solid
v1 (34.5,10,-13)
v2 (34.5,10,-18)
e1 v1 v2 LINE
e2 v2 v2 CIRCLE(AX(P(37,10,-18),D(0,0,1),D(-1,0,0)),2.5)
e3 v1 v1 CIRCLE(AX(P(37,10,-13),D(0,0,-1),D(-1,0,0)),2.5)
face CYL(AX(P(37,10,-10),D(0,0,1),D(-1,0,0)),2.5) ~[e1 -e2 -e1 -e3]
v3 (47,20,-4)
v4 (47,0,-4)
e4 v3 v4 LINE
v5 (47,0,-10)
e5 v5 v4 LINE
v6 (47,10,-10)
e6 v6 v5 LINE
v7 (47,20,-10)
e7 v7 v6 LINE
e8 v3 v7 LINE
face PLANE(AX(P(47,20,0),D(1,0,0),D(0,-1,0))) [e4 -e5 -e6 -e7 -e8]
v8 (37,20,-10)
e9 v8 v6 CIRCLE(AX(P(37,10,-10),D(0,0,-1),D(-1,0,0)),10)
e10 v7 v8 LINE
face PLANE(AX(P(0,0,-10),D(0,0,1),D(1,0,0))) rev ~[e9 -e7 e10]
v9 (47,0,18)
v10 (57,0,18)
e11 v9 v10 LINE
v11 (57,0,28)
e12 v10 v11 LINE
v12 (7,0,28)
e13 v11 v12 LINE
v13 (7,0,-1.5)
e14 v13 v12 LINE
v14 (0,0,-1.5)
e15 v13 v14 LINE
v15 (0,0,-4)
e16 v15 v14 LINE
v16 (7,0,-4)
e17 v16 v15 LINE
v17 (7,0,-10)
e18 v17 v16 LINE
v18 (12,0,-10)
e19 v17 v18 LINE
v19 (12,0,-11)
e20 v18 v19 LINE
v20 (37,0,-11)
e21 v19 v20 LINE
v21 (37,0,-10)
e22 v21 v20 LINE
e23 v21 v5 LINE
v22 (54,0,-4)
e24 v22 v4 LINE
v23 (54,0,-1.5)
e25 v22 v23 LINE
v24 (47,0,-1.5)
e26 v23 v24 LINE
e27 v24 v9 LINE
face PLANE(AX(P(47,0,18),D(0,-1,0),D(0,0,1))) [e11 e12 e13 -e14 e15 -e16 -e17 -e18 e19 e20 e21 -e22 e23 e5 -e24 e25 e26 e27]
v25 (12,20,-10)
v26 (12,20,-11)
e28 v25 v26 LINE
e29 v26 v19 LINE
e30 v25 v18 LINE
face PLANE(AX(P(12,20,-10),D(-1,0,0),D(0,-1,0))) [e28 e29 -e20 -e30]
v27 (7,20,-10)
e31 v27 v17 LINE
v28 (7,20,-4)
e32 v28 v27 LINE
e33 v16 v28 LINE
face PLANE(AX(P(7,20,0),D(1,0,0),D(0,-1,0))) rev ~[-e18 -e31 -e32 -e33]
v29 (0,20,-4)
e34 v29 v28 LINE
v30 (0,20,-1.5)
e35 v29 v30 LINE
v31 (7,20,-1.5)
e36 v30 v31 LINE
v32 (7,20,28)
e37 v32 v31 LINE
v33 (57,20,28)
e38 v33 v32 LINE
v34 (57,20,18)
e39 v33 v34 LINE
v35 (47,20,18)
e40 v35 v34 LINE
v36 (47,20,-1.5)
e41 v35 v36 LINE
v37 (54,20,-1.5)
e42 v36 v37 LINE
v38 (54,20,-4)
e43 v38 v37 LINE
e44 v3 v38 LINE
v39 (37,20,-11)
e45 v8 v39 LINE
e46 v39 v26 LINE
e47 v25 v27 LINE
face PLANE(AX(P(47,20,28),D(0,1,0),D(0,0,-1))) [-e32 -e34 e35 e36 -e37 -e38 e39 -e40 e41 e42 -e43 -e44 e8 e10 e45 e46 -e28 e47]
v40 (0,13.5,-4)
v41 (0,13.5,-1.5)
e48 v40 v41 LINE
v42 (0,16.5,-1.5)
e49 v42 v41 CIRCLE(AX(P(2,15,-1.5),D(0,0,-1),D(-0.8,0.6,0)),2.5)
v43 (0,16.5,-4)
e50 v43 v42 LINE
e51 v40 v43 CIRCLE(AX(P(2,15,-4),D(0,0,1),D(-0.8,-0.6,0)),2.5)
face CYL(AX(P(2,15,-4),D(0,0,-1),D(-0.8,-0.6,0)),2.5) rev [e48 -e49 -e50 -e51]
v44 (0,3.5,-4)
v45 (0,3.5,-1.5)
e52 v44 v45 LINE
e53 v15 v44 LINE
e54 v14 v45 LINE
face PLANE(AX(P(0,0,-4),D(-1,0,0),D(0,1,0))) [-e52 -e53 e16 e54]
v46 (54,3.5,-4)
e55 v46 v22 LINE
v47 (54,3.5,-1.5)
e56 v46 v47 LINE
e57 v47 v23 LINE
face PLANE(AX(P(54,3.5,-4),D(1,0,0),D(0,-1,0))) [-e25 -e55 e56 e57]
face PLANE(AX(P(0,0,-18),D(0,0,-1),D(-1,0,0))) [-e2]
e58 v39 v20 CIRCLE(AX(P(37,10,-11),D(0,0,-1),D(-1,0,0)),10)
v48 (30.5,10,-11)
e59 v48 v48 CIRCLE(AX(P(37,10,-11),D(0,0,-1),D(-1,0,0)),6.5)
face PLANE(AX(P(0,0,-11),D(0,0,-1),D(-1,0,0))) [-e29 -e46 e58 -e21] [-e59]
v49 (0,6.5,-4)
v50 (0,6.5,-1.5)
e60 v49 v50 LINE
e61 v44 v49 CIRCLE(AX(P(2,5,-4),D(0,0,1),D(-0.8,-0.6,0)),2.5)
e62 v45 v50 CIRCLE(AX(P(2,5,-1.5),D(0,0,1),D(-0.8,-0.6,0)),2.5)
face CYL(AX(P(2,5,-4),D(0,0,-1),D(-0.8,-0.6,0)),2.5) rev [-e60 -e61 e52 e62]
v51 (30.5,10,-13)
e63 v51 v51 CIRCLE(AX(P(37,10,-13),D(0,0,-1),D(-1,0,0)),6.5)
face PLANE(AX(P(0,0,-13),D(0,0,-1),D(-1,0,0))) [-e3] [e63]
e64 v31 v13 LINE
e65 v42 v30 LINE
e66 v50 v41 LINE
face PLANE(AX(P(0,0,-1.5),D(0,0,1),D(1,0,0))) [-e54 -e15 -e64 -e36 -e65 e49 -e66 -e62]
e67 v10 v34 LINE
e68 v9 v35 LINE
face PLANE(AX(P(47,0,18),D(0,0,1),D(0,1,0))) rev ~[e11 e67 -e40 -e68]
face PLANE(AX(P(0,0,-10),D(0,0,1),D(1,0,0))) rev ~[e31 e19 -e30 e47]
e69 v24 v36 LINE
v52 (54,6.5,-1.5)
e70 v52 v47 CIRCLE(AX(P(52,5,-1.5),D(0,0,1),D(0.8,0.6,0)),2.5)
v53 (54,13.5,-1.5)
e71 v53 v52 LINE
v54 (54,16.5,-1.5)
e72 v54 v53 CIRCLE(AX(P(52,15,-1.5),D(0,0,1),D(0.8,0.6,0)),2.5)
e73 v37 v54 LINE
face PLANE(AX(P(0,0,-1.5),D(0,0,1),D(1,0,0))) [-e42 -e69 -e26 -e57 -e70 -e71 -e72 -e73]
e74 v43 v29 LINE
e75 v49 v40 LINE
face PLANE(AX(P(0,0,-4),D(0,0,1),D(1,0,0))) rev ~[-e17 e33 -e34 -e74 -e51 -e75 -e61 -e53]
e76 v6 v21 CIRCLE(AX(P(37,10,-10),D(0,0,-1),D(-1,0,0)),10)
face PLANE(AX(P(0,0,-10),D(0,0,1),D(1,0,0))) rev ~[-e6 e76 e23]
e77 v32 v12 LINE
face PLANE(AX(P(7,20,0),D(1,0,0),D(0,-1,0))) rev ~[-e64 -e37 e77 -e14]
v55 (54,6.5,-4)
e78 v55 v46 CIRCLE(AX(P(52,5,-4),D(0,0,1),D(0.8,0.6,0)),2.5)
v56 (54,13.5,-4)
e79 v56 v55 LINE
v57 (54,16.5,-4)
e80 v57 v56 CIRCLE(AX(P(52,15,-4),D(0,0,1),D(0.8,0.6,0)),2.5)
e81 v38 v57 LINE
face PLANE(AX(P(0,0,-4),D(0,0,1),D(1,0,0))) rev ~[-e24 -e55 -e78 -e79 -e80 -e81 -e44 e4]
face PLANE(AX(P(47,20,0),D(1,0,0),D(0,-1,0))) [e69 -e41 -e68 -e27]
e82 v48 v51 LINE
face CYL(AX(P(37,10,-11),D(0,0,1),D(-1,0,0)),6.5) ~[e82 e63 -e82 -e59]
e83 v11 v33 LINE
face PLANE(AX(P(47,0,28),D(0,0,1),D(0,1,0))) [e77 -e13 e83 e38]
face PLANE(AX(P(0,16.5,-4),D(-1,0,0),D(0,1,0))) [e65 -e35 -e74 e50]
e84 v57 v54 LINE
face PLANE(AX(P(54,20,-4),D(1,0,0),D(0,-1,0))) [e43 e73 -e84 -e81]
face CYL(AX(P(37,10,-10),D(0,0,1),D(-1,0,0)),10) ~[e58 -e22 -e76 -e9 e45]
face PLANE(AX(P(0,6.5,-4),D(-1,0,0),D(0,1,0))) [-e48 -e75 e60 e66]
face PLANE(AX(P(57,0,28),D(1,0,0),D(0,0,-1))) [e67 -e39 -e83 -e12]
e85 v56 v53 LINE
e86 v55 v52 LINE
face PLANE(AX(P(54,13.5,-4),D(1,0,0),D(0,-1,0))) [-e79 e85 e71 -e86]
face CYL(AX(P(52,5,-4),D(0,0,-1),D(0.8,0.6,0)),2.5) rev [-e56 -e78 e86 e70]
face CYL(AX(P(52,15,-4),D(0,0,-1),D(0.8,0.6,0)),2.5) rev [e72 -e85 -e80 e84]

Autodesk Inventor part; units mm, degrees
ref_plane "YZ Plane" through (0, 0, 0) normal (1, 0, 0) x (0, 1, 0)
ref_plane "XZ Plane" through (0, 0, 0) normal (0, 1, 0) x (-1, 0, 0)
sketch "Sketch1" plane through (0, 0, 0) normal (0, 0, 1) x (1, 0, 0)
  line L0 (7, 0) -> (47, 0)
  line L1 (47, 20) -> (7, 20)
  line L2 (7, 20) -> (7, 0)
  line L3 (47, 20) -> (47, 0)
  point P0 (0, 0)
extrude "Extrusion1" add sketch "Sketch1" along normal blind 28 and the other way blind 10
sketch "Sketch2" plane through (0, 0, -10) normal (0, 0, -1) x (-1, 0, 0)
  line L0 (-7, 20) -> (-47, 20) projected
  line L1 (-47, 20) -> (-47, 10)
  line L2 (-47, 20) -> (-47, 0) projected
  line L3 (-47, 10) -> (-37, 10)
  circle A0 centre (-37, 10) radius 2.5
  point P0 (0, 0)
  dimension "d10" = 10
  dimension "d11" = 10
  dimension "d12" = 5
extrude "Extrusion3" add sketch "Sketch2" along normal blind 8
sketch "Sketch3" plane through (0, 0, -10) normal (0, 0, -1) x (-1, 0, 0)
  circle A0 centre (-37, 10) radius 2.5 projected
  circle A1 centre (-37, 10) radius 10
  line L0 (-47, 20) -> (-7, 20) projected
  line L1 (-7, 20) -> (0, 20) projected
  line L2 (-7, 20) -> (-12, 20)
  line L3 (-7, 20) -> (-47, 20) projected
  line L4 (-12, 20) -> (-12, 0)
  line L5 (-7, 0) -> (-47, 0) projected
  line L6 (-47, 0) -> (-7, 0) projected
  point P0 (0, 0)
  point P1 (-37, 0)
  point P2 (-37, 20)
  dimension "d15" = 5
extrude "Extrusion4" add sketch "Sketch3" along normal blind 1
ref_plane "Work Plane1" through (0, 0, -4) normal (0, 0, 1) x (1, 0, 0)
sketch "Sketch4" plane through (0, 0, -4) normal (0, 0, 1) x (1, 0, 0)
  line L0 (47, 0) -> (47, 20) projected
  line L1 (47, 20) -> (54, 20)
  line L2 (54, 0) -> (47, 0)
  line L3 (47, 20) -> (7, 20) projected
  line L4 (47, 0) -> (47, 20)
  line L5 (7, 20) -> (7, 0) projected
  line L6 (7, 0) -> (0, 0)
  line L7 (0, 20) -> (7, 20)
  line L8 (7, 10) -> (7, 15)
  line L9 (7, 15) -> (2, 15)
  arc A0 (0, 13.5) -> (0, 16.5) centre (2, 15) ccw
  line L10 (27, 10) -> (22.2315, 10)
  line L11 (47, 20) -> (47, 10) projected
  line L12 (47, 20) -> (27, 20)
  line L13 (27, 20) -> (27, 13.3752)
  arc A1 (0, 3.5) -> (0, 6.5) centre (2, 5) ccw
  arc A2 (54, 16.5) -> (54, 13.5) centre (52, 15) ccw
  arc A3 (54, 6.5) -> (54, 3.5) centre (52, 5) ccw
  line L14 (54, 20) -> (54, 16.5)
  line L15 (54, 13.5) -> (54, 6.5)
  line L16 (54, 3.5) -> (54, 0)
  line L17 (0, 0) -> (0, 3.5)
  line L18 (0, 6.5) -> (0, 13.5)
  line L19 (0, 16.5) -> (0, 20)
  dimension "d19" = 7
  dimension "d21" = 7
  dimension "d22" = 5
  dimension "d23" = 5
  dimension "d24" = 5
  dimension "d25" = 20
extrude "Extrusion5" add sketch "Sketch4" along normal blind 2.5
sketch "Sketch5" plane through (0, 0, -11) normal (0, 0, -1) x (-1, 0, 0)
  circle A0 centre (-37, 10) radius 2.5 projected
  circle A1 centre (-37, 10) radius 2.5 projected
  circle A2 centre (-37, 10) radius 6.5
  point P0 (0, 0)
  dimension "d28" = 13
extrude "Extrusion6" add sketch "Sketch5" along normal blind 2
sketch "Sketch6" plane through (47, 0, 28) normal (1, 0, 0) x (0, 0, -1)
  line L0 (29.5, 0) -> (0, 0) projected
  line L1 (0, 0) -> (10, 0)
  line L2 (10, 0) -> (10, 20)
  line L3 (0, 20) -> (29.5, 20) projected
  line L4 (0, 20) -> (10, 20)
  line L5 (0, 0) -> (0, 20) projected
  point P0 (28, 0)
  dimension "d31" = 10
extrude "Extrusion7" add sketch "Sketch6" along normal blind 10
properties part number "Motorv2"
